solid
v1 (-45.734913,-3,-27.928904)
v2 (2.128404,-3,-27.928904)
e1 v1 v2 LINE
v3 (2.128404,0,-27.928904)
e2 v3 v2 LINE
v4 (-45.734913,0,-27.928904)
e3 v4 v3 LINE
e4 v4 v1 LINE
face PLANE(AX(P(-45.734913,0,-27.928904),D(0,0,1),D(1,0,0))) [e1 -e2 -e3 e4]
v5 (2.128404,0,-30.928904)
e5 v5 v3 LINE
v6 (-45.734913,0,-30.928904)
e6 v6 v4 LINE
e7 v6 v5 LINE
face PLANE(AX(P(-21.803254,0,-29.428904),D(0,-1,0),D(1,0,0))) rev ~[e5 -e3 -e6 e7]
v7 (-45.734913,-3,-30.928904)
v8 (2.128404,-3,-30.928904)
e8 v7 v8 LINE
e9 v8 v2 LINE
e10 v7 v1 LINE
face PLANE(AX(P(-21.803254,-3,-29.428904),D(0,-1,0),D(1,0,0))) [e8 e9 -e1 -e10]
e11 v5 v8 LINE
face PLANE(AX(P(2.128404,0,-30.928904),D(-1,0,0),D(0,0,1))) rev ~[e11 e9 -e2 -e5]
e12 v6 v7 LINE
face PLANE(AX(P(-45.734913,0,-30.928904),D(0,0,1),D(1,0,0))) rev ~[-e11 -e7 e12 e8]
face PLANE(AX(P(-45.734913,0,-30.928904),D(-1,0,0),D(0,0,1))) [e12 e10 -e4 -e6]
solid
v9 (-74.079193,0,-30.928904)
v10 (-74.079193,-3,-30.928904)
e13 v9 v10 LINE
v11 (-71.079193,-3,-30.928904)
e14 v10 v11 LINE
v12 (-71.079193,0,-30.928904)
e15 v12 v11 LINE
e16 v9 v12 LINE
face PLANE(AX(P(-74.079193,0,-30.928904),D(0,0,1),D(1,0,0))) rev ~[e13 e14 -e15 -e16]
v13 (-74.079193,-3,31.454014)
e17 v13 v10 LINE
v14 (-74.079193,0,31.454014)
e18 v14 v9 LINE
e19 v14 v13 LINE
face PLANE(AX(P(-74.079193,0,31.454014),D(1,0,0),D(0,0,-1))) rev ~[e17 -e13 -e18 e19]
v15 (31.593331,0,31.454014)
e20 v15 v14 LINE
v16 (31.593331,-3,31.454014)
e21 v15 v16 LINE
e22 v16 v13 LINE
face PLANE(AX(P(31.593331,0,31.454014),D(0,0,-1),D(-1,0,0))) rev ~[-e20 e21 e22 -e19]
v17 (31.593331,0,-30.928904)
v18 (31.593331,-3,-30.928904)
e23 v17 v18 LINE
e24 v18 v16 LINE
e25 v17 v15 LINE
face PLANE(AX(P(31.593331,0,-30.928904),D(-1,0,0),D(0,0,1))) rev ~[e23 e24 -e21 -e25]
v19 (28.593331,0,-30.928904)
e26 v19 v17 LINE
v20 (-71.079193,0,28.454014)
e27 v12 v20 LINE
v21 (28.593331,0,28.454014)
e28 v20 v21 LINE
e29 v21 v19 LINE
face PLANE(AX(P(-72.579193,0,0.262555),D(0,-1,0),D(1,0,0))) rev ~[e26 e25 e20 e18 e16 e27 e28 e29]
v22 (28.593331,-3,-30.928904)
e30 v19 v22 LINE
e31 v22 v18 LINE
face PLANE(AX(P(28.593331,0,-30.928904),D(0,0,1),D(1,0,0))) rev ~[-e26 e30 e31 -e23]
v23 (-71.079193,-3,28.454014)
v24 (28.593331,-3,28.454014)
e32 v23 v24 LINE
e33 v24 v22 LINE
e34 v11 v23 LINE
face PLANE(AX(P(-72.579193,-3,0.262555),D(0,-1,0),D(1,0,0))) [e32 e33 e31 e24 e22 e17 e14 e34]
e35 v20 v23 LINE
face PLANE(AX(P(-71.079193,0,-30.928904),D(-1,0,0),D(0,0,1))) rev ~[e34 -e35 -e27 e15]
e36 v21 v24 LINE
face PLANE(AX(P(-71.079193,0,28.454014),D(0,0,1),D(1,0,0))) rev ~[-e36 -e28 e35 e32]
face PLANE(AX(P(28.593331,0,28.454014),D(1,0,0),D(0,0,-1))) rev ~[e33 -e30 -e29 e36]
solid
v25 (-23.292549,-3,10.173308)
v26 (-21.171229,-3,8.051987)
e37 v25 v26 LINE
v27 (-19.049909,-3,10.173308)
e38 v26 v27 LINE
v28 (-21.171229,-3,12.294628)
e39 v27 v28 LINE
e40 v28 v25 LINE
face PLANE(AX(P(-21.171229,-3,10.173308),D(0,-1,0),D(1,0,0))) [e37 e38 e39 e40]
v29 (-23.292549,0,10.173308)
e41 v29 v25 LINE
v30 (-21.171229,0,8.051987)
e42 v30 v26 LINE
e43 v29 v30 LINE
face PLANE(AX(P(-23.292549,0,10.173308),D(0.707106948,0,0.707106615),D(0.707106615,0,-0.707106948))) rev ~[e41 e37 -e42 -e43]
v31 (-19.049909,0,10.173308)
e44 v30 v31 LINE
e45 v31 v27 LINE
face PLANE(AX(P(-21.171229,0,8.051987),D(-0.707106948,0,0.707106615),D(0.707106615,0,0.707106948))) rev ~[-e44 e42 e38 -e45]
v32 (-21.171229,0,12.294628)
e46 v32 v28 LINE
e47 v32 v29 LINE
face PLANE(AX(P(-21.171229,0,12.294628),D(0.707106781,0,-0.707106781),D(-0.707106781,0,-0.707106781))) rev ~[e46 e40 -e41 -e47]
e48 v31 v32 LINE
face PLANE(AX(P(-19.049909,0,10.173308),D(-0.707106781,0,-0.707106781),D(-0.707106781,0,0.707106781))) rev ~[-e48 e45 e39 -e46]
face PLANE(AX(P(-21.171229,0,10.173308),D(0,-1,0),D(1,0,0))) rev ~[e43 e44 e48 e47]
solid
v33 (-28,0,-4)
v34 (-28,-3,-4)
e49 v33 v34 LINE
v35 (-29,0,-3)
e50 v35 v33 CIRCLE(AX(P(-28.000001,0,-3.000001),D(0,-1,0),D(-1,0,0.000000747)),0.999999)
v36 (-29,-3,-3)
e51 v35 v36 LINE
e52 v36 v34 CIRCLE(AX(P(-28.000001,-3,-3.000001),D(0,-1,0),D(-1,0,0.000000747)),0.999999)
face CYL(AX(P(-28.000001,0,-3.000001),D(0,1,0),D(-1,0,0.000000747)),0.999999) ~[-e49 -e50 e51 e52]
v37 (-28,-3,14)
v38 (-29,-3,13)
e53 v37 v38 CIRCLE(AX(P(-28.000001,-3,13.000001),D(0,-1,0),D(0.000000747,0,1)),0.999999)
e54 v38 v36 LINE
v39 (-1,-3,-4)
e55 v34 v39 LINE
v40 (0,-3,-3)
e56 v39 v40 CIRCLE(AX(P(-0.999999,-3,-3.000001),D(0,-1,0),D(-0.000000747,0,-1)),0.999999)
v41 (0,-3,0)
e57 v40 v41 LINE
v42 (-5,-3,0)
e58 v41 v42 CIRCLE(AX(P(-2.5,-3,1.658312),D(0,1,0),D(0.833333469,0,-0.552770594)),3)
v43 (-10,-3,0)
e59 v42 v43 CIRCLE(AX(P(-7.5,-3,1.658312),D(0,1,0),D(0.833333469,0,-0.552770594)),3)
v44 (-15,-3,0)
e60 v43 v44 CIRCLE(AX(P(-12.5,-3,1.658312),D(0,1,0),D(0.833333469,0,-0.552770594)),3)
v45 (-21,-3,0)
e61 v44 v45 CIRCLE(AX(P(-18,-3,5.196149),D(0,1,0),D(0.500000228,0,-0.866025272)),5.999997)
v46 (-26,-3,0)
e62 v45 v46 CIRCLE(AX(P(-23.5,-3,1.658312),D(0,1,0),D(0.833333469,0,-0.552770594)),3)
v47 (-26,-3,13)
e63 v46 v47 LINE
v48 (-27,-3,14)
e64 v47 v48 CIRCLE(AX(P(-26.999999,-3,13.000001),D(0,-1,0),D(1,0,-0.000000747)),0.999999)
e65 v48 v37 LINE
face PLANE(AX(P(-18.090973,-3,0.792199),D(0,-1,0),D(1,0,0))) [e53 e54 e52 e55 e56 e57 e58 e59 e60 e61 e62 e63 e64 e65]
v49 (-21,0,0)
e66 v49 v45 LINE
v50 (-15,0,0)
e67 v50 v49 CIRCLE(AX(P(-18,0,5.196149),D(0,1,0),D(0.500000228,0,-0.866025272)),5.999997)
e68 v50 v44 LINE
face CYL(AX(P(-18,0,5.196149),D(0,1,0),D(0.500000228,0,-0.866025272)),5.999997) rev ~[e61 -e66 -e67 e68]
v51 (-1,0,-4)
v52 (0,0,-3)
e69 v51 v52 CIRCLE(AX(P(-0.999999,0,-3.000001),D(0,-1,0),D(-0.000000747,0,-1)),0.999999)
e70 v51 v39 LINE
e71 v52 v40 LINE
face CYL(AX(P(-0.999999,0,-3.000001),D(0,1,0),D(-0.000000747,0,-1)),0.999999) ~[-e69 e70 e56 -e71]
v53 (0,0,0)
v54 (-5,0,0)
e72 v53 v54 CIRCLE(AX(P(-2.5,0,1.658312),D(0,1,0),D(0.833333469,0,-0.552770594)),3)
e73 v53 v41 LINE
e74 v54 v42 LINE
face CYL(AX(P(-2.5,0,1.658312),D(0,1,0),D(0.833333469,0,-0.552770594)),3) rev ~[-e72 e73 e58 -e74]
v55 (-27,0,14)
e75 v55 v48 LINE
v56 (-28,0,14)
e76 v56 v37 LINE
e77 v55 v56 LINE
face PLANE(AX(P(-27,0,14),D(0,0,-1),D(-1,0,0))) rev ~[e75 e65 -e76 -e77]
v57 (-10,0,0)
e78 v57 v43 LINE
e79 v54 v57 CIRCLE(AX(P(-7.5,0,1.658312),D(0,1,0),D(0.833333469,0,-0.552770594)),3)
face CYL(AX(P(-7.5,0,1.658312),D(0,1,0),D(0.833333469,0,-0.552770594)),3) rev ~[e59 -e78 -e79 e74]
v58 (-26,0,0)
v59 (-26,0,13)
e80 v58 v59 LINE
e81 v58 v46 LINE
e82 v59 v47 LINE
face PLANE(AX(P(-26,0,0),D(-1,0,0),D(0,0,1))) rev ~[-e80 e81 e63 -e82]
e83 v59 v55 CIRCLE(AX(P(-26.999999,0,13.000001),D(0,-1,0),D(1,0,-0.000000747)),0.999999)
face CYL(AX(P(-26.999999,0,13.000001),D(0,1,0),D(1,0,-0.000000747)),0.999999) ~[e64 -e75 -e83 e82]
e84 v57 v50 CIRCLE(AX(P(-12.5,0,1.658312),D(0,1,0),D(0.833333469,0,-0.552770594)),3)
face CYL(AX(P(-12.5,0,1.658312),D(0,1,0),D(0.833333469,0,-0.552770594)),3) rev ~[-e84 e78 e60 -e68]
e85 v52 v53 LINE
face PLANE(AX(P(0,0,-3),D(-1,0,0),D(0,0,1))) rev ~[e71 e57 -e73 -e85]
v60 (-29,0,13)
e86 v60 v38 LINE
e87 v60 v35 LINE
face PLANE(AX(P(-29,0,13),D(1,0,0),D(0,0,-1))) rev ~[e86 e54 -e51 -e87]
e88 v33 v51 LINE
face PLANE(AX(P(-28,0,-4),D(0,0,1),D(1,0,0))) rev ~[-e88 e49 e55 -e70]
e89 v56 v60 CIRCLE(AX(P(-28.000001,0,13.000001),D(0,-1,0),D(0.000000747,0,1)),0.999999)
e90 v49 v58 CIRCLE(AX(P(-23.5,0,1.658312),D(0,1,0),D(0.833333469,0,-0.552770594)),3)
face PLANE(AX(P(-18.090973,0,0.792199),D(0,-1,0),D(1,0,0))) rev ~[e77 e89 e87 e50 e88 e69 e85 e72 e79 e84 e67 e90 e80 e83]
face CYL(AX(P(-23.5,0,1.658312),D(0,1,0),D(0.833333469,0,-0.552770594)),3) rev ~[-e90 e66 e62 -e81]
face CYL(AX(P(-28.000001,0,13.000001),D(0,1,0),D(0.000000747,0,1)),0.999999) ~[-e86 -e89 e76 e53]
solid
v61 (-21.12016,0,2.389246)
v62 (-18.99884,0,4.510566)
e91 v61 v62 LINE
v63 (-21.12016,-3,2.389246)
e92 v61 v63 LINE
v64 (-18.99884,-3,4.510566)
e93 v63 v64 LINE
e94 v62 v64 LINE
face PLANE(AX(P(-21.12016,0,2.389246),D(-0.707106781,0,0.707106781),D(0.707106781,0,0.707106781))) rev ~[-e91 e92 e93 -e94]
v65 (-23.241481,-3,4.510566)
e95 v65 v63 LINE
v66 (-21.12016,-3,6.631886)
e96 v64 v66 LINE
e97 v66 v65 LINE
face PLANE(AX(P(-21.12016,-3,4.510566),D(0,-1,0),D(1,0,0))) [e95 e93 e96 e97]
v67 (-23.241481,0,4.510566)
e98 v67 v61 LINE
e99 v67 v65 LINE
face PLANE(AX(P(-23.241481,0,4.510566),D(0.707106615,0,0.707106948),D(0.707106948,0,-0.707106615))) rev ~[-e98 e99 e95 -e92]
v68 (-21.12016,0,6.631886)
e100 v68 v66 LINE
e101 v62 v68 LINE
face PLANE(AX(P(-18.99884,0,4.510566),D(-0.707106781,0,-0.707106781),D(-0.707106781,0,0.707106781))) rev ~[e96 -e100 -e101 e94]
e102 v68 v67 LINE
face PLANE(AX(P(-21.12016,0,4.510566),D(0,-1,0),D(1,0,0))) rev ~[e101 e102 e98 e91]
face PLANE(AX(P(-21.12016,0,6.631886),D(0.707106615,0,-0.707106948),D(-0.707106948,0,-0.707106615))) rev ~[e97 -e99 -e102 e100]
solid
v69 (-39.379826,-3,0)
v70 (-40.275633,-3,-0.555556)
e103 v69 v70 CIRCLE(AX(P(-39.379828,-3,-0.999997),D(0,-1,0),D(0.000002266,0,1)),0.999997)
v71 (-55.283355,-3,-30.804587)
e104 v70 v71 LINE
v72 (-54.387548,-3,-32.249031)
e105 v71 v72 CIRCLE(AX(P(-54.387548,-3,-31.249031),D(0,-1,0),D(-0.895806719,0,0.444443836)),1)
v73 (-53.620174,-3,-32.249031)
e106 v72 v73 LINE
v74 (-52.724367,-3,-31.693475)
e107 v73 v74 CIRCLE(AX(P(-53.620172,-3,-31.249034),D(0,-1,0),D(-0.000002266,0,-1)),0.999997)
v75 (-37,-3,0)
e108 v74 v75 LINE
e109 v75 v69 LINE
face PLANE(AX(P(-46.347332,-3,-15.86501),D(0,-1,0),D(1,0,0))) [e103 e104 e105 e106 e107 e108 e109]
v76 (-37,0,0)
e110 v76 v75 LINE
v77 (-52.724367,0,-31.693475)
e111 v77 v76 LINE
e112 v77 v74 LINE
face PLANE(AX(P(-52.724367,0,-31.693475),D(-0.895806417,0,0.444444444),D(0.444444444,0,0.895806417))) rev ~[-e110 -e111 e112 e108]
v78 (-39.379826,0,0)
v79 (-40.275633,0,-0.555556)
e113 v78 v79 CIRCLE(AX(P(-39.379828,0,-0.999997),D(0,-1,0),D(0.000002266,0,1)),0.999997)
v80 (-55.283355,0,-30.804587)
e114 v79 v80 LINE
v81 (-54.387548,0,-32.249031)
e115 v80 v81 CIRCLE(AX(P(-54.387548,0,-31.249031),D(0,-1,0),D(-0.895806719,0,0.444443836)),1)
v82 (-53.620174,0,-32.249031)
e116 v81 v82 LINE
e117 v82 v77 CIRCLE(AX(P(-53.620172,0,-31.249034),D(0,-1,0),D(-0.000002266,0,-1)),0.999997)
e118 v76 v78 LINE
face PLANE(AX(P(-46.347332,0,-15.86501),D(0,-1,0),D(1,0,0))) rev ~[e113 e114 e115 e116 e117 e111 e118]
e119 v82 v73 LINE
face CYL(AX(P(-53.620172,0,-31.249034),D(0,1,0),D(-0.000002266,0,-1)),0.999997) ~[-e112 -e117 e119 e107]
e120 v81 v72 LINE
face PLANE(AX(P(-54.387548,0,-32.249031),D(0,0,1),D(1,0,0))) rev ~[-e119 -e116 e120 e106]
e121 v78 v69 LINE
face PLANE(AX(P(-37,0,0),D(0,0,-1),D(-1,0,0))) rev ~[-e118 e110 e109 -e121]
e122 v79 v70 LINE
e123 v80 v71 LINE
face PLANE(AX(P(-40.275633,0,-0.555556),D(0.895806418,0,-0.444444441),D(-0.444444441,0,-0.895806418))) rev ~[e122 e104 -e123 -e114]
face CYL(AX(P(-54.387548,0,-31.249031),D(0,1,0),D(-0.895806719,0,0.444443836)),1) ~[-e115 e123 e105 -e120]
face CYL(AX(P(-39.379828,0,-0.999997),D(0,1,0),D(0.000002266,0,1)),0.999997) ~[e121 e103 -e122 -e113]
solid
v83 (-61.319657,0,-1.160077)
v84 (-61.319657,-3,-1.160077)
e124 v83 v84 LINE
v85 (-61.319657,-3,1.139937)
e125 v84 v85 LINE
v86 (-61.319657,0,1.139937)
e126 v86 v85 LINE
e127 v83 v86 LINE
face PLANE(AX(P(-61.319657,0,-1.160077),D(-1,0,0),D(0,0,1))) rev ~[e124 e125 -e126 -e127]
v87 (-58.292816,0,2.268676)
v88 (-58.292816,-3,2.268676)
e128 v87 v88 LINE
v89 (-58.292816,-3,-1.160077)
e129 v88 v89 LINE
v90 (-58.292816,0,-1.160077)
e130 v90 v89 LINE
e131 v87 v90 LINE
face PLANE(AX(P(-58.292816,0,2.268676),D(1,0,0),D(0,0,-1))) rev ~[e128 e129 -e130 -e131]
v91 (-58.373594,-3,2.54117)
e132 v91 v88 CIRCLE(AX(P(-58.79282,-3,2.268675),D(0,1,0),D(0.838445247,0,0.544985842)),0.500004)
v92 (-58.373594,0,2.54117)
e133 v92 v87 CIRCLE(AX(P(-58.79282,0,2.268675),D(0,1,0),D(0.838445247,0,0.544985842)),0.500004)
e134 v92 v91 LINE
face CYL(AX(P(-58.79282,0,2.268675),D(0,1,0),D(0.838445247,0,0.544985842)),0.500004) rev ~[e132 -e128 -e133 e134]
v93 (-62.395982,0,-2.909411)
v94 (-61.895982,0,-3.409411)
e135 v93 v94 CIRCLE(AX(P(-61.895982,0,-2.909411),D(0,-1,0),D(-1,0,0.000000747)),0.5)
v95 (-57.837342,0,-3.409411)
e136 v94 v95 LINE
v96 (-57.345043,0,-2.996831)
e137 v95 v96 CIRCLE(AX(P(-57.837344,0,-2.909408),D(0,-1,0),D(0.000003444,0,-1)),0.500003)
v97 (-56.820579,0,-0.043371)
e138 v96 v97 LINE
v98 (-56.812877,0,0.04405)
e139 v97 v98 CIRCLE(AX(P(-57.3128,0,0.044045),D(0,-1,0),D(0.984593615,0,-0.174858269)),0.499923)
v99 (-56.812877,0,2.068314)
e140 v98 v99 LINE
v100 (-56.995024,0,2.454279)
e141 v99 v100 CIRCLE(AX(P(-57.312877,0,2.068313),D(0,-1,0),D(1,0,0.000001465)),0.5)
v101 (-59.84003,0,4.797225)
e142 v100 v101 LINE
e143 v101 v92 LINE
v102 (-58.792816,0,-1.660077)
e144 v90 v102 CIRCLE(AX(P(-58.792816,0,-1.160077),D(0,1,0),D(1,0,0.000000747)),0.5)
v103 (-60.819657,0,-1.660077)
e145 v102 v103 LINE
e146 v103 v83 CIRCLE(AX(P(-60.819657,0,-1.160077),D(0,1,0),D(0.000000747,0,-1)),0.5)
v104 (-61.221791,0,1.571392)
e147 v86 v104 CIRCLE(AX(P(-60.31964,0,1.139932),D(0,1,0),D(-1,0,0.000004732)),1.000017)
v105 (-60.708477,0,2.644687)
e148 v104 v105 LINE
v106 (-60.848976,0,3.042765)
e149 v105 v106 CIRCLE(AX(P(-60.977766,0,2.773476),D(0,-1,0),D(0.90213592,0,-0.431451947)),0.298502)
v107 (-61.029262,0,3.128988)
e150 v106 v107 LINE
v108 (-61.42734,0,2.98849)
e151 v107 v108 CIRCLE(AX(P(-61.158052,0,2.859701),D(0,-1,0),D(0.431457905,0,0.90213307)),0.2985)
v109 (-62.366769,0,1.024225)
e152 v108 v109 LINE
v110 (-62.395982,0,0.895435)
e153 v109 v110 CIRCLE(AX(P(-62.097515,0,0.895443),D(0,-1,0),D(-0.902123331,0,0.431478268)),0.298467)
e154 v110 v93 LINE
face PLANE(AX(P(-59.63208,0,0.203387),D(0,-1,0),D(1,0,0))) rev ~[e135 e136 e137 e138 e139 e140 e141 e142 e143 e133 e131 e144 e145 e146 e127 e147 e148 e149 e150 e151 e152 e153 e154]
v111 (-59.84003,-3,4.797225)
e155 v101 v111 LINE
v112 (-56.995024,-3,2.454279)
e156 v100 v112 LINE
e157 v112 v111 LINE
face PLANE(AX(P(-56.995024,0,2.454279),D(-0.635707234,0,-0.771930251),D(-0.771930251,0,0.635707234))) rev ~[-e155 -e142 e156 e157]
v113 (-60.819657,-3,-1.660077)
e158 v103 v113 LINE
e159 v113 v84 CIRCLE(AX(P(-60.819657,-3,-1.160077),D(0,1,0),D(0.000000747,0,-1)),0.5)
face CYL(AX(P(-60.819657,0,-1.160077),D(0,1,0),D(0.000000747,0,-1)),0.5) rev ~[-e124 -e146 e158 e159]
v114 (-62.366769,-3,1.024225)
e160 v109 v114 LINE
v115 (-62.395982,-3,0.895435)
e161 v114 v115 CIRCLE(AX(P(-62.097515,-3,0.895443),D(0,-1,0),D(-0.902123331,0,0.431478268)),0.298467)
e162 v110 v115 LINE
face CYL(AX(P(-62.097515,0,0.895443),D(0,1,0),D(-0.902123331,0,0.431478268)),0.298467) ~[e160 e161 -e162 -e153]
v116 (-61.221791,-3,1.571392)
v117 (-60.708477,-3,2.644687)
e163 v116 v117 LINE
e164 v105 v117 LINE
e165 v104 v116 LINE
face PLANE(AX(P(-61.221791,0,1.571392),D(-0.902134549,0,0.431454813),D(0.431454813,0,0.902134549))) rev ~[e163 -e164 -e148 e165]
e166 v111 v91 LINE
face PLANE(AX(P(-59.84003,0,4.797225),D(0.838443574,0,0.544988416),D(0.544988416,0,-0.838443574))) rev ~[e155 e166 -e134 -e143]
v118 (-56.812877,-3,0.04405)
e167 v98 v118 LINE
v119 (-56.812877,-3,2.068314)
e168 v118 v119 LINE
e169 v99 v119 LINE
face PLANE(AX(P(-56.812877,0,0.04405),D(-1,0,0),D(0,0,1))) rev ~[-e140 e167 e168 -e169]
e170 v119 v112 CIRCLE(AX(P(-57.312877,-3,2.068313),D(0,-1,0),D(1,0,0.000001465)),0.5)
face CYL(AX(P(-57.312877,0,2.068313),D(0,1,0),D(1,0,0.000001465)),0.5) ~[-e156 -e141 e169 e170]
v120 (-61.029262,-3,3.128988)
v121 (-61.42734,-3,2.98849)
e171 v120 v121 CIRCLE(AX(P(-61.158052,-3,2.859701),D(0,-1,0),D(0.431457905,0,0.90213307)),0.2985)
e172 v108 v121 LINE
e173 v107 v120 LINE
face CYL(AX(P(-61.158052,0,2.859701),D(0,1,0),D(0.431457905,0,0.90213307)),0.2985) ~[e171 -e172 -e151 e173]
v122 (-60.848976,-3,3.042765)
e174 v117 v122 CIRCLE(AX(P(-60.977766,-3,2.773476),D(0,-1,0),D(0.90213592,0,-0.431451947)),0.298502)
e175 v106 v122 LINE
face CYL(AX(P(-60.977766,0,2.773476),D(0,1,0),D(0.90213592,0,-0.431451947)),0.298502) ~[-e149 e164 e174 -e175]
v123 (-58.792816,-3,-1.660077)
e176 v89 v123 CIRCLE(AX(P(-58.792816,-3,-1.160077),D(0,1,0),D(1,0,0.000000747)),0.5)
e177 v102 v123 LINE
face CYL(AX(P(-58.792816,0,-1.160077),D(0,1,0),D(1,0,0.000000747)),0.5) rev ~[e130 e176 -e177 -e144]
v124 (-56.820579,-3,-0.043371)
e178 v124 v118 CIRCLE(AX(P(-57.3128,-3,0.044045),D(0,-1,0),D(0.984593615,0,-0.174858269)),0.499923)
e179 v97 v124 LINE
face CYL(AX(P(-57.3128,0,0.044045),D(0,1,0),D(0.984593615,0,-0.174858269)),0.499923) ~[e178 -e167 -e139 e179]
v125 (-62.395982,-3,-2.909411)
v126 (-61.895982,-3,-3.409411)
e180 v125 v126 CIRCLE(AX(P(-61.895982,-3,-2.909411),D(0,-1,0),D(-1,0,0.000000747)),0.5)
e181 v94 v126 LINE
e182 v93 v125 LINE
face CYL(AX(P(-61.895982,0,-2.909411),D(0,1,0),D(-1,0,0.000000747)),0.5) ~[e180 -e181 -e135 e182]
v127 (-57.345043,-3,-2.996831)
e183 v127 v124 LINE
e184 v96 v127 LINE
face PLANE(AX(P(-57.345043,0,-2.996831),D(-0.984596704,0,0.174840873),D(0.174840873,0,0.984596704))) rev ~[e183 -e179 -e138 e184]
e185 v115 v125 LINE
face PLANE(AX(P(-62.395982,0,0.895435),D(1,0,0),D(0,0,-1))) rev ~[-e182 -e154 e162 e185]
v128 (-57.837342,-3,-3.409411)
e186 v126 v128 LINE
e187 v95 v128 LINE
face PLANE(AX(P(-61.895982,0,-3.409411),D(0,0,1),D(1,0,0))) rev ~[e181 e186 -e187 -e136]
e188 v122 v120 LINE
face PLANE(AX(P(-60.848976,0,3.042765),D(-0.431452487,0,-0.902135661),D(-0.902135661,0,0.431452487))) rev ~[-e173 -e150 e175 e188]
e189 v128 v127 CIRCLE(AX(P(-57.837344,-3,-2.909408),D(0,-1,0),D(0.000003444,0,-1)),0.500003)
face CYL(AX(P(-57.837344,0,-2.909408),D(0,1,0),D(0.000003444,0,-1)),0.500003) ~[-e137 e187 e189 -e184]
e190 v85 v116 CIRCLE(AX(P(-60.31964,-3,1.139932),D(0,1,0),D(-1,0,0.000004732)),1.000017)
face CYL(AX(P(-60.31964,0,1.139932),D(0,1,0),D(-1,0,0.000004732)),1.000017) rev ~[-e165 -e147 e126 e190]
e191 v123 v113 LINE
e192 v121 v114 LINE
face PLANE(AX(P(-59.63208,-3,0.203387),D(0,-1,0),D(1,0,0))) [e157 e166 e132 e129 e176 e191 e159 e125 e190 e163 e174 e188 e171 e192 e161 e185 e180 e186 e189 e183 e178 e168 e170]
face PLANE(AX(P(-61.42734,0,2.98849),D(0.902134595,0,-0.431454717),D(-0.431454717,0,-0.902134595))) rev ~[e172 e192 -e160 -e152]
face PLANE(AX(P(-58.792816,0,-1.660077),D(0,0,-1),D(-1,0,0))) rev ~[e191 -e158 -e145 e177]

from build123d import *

# Parameters (mm, degrees)
F0_W     = 99.672524
F0_H     = 3
F0_W_2   = 47.863317
F1_DEPTH = 3


with BuildPart() as f1:
    # F0 (on Front) → F1 (new body)
    with BuildSketch(Plane.XZ):
        with BuildLine():
            ThreePointArc((0, 0), (-2.5, -1.341688), (-5, 0))
            ThreePointArc((-5, 0), (-7.5, -1.341688), (-10, 0))
            ThreePointArc((-10, 0), (-12.5, -1.341688), (-15, 0))
            ThreePointArc((-15, 0), (-18, -0.803848), (-21, 0))
            ThreePointArc((-21, 0), (-23.5, -1.341688), (-26, 0))
            Line((-26, 0), (-26, 13))
            ThreePointArc((-26, 13), (-26.292893, 13.707107), (-27, 14))
            Line((-27, 14), (-28, 14))
            ThreePointArc((-28, 14), (-28.707107, 13.707107), (-29, 13))
            Line((-29, 13), (-29, -3))
            ThreePointArc((-29, -3), (-28.707107, -3.707107), (-28, -4))
            Line((-28, -4), (-1, -4))
            ThreePointArc((-1, -4), (-0.292893, -3.707107), (0, -3))
            Line((0, -3), (0, 0))
        make_face()
        with BuildLine():
            Line((-37, 0), (-39.379826, 0))
            ThreePointArc((-39.379826, 0), (-39.906873, -0.150163), (-40.275633, -0.555556))
            Line((-40.275633, -0.555556), (-55.283355, -30.804587))
            ThreePointArc((-55.283355, -30.804587), (-55.237385, -31.776077), (-54.387548, -32.249031))
            Line((-54.387548, -32.249031), (-53.620174, -32.249031))
            ThreePointArc((-53.620174, -32.249031), (-53.093127, -32.098868), (-52.724367, -31.693475))
            Line((-52.724367, -31.693475), (-37, 0))
        make_face()
        Polygon((-18.99884, 4.510566), (-21.12016, 6.631886), (-23.241481, 4.510566), (-21.12016, 2.389246), align=None)
        Polygon((-19.049909, 10.173308), (-21.171229, 12.294628), (-23.292549, 10.173308), (-21.171229, 8.051987), align=None)
        Polygon((-71.079193, 28.454014), (-71.079193, 31.454014), (-74.079193, 31.454014), (-74.079193, -30.928904), (-71.079193, -30.928904), align=None)
        with Locations((-21.242931, 29.954014)):
            Rectangle(F0_W, F0_H)
        Polygon((31.593331, 31.454014), (28.593331, 31.454014), (28.593331, 28.454014), (28.593331, -30.928904), (31.593331, -30.928904), align=None)
        with Locations((-21.803254, -29.428904)):
            Rectangle(F0_W_2, F0_H)
        with BuildLine():
            Line((-56.995024, 2.454279), (-59.84003, 4.797225))
            Line((-59.84003, 4.797225), (-58.373594, 2.54117))
            ThreePointArc((-58.373594, 2.54117), (-58.313436, 2.410784), (-58.292816, 2.268676))
            Line((-58.292816, 2.268676), (-58.292816, -1.160077))
            ThreePointArc((-58.292816, -1.160077), (-58.439263, -1.513631), (-58.792816, -1.660077))
            Line((-58.792816, -1.660077), (-60.819657, -1.660077))
            ThreePointArc((-60.819657, -1.660077), (-61.17321, -1.513631), (-61.319657, -1.160077))
            Line((-61.319657, -1.160077), (-61.319657, 1.139937))
            ThreePointArc((-61.319657, 1.139937), (-61.294883, 1.361145), (-61.221791, 1.571392))
            Line((-61.221791, 1.571392), (-60.708477, 2.644687))
            ThreePointArc((-60.708477, 2.644687), (-60.696282, 2.872824), (-60.848976, 3.042765))
            Line((-60.848976, 3.042765), (-61.029262, 3.128988))
            ThreePointArc((-61.029262, 3.128988), (-61.257399, 3.141184), (-61.42734, 2.98849))
            Line((-61.42734, 2.98849), (-62.366769, 1.024225))
            ThreePointArc((-62.366769, 1.024225), (-62.388588, 0.961466), (-62.395982, 0.895435))
            Line((-62.395982, 0.895435), (-62.395982, -1.660077))
            Line((-62.395982, -1.660077), (-62.395982, -2.909411))
            ThreePointArc((-62.395982, -2.909411), (-62.249536, -3.262964), (-61.895982, -3.409411))
            Line((-61.895982, -3.409411), (-57.837342, -3.409411))
            ThreePointArc((-57.837342, -3.409411), (-57.51618, -3.292627), (-57.345043, -2.996831))
            Line((-57.345043, -2.996831), (-56.820579, -0.043371))
            ThreePointArc((-56.820579, -0.043371), (-56.814806, 0.00017), (-56.812877, 0.04405))
            Line((-56.812877, 0.04405), (-56.812877, 2.068314))
            ThreePointArc((-56.812877, 2.068314), (-56.860701, 2.281707), (-56.995024, 2.454279))
        make_face()
    extrude(amount=F1_DEPTH)


solid = f1.part
